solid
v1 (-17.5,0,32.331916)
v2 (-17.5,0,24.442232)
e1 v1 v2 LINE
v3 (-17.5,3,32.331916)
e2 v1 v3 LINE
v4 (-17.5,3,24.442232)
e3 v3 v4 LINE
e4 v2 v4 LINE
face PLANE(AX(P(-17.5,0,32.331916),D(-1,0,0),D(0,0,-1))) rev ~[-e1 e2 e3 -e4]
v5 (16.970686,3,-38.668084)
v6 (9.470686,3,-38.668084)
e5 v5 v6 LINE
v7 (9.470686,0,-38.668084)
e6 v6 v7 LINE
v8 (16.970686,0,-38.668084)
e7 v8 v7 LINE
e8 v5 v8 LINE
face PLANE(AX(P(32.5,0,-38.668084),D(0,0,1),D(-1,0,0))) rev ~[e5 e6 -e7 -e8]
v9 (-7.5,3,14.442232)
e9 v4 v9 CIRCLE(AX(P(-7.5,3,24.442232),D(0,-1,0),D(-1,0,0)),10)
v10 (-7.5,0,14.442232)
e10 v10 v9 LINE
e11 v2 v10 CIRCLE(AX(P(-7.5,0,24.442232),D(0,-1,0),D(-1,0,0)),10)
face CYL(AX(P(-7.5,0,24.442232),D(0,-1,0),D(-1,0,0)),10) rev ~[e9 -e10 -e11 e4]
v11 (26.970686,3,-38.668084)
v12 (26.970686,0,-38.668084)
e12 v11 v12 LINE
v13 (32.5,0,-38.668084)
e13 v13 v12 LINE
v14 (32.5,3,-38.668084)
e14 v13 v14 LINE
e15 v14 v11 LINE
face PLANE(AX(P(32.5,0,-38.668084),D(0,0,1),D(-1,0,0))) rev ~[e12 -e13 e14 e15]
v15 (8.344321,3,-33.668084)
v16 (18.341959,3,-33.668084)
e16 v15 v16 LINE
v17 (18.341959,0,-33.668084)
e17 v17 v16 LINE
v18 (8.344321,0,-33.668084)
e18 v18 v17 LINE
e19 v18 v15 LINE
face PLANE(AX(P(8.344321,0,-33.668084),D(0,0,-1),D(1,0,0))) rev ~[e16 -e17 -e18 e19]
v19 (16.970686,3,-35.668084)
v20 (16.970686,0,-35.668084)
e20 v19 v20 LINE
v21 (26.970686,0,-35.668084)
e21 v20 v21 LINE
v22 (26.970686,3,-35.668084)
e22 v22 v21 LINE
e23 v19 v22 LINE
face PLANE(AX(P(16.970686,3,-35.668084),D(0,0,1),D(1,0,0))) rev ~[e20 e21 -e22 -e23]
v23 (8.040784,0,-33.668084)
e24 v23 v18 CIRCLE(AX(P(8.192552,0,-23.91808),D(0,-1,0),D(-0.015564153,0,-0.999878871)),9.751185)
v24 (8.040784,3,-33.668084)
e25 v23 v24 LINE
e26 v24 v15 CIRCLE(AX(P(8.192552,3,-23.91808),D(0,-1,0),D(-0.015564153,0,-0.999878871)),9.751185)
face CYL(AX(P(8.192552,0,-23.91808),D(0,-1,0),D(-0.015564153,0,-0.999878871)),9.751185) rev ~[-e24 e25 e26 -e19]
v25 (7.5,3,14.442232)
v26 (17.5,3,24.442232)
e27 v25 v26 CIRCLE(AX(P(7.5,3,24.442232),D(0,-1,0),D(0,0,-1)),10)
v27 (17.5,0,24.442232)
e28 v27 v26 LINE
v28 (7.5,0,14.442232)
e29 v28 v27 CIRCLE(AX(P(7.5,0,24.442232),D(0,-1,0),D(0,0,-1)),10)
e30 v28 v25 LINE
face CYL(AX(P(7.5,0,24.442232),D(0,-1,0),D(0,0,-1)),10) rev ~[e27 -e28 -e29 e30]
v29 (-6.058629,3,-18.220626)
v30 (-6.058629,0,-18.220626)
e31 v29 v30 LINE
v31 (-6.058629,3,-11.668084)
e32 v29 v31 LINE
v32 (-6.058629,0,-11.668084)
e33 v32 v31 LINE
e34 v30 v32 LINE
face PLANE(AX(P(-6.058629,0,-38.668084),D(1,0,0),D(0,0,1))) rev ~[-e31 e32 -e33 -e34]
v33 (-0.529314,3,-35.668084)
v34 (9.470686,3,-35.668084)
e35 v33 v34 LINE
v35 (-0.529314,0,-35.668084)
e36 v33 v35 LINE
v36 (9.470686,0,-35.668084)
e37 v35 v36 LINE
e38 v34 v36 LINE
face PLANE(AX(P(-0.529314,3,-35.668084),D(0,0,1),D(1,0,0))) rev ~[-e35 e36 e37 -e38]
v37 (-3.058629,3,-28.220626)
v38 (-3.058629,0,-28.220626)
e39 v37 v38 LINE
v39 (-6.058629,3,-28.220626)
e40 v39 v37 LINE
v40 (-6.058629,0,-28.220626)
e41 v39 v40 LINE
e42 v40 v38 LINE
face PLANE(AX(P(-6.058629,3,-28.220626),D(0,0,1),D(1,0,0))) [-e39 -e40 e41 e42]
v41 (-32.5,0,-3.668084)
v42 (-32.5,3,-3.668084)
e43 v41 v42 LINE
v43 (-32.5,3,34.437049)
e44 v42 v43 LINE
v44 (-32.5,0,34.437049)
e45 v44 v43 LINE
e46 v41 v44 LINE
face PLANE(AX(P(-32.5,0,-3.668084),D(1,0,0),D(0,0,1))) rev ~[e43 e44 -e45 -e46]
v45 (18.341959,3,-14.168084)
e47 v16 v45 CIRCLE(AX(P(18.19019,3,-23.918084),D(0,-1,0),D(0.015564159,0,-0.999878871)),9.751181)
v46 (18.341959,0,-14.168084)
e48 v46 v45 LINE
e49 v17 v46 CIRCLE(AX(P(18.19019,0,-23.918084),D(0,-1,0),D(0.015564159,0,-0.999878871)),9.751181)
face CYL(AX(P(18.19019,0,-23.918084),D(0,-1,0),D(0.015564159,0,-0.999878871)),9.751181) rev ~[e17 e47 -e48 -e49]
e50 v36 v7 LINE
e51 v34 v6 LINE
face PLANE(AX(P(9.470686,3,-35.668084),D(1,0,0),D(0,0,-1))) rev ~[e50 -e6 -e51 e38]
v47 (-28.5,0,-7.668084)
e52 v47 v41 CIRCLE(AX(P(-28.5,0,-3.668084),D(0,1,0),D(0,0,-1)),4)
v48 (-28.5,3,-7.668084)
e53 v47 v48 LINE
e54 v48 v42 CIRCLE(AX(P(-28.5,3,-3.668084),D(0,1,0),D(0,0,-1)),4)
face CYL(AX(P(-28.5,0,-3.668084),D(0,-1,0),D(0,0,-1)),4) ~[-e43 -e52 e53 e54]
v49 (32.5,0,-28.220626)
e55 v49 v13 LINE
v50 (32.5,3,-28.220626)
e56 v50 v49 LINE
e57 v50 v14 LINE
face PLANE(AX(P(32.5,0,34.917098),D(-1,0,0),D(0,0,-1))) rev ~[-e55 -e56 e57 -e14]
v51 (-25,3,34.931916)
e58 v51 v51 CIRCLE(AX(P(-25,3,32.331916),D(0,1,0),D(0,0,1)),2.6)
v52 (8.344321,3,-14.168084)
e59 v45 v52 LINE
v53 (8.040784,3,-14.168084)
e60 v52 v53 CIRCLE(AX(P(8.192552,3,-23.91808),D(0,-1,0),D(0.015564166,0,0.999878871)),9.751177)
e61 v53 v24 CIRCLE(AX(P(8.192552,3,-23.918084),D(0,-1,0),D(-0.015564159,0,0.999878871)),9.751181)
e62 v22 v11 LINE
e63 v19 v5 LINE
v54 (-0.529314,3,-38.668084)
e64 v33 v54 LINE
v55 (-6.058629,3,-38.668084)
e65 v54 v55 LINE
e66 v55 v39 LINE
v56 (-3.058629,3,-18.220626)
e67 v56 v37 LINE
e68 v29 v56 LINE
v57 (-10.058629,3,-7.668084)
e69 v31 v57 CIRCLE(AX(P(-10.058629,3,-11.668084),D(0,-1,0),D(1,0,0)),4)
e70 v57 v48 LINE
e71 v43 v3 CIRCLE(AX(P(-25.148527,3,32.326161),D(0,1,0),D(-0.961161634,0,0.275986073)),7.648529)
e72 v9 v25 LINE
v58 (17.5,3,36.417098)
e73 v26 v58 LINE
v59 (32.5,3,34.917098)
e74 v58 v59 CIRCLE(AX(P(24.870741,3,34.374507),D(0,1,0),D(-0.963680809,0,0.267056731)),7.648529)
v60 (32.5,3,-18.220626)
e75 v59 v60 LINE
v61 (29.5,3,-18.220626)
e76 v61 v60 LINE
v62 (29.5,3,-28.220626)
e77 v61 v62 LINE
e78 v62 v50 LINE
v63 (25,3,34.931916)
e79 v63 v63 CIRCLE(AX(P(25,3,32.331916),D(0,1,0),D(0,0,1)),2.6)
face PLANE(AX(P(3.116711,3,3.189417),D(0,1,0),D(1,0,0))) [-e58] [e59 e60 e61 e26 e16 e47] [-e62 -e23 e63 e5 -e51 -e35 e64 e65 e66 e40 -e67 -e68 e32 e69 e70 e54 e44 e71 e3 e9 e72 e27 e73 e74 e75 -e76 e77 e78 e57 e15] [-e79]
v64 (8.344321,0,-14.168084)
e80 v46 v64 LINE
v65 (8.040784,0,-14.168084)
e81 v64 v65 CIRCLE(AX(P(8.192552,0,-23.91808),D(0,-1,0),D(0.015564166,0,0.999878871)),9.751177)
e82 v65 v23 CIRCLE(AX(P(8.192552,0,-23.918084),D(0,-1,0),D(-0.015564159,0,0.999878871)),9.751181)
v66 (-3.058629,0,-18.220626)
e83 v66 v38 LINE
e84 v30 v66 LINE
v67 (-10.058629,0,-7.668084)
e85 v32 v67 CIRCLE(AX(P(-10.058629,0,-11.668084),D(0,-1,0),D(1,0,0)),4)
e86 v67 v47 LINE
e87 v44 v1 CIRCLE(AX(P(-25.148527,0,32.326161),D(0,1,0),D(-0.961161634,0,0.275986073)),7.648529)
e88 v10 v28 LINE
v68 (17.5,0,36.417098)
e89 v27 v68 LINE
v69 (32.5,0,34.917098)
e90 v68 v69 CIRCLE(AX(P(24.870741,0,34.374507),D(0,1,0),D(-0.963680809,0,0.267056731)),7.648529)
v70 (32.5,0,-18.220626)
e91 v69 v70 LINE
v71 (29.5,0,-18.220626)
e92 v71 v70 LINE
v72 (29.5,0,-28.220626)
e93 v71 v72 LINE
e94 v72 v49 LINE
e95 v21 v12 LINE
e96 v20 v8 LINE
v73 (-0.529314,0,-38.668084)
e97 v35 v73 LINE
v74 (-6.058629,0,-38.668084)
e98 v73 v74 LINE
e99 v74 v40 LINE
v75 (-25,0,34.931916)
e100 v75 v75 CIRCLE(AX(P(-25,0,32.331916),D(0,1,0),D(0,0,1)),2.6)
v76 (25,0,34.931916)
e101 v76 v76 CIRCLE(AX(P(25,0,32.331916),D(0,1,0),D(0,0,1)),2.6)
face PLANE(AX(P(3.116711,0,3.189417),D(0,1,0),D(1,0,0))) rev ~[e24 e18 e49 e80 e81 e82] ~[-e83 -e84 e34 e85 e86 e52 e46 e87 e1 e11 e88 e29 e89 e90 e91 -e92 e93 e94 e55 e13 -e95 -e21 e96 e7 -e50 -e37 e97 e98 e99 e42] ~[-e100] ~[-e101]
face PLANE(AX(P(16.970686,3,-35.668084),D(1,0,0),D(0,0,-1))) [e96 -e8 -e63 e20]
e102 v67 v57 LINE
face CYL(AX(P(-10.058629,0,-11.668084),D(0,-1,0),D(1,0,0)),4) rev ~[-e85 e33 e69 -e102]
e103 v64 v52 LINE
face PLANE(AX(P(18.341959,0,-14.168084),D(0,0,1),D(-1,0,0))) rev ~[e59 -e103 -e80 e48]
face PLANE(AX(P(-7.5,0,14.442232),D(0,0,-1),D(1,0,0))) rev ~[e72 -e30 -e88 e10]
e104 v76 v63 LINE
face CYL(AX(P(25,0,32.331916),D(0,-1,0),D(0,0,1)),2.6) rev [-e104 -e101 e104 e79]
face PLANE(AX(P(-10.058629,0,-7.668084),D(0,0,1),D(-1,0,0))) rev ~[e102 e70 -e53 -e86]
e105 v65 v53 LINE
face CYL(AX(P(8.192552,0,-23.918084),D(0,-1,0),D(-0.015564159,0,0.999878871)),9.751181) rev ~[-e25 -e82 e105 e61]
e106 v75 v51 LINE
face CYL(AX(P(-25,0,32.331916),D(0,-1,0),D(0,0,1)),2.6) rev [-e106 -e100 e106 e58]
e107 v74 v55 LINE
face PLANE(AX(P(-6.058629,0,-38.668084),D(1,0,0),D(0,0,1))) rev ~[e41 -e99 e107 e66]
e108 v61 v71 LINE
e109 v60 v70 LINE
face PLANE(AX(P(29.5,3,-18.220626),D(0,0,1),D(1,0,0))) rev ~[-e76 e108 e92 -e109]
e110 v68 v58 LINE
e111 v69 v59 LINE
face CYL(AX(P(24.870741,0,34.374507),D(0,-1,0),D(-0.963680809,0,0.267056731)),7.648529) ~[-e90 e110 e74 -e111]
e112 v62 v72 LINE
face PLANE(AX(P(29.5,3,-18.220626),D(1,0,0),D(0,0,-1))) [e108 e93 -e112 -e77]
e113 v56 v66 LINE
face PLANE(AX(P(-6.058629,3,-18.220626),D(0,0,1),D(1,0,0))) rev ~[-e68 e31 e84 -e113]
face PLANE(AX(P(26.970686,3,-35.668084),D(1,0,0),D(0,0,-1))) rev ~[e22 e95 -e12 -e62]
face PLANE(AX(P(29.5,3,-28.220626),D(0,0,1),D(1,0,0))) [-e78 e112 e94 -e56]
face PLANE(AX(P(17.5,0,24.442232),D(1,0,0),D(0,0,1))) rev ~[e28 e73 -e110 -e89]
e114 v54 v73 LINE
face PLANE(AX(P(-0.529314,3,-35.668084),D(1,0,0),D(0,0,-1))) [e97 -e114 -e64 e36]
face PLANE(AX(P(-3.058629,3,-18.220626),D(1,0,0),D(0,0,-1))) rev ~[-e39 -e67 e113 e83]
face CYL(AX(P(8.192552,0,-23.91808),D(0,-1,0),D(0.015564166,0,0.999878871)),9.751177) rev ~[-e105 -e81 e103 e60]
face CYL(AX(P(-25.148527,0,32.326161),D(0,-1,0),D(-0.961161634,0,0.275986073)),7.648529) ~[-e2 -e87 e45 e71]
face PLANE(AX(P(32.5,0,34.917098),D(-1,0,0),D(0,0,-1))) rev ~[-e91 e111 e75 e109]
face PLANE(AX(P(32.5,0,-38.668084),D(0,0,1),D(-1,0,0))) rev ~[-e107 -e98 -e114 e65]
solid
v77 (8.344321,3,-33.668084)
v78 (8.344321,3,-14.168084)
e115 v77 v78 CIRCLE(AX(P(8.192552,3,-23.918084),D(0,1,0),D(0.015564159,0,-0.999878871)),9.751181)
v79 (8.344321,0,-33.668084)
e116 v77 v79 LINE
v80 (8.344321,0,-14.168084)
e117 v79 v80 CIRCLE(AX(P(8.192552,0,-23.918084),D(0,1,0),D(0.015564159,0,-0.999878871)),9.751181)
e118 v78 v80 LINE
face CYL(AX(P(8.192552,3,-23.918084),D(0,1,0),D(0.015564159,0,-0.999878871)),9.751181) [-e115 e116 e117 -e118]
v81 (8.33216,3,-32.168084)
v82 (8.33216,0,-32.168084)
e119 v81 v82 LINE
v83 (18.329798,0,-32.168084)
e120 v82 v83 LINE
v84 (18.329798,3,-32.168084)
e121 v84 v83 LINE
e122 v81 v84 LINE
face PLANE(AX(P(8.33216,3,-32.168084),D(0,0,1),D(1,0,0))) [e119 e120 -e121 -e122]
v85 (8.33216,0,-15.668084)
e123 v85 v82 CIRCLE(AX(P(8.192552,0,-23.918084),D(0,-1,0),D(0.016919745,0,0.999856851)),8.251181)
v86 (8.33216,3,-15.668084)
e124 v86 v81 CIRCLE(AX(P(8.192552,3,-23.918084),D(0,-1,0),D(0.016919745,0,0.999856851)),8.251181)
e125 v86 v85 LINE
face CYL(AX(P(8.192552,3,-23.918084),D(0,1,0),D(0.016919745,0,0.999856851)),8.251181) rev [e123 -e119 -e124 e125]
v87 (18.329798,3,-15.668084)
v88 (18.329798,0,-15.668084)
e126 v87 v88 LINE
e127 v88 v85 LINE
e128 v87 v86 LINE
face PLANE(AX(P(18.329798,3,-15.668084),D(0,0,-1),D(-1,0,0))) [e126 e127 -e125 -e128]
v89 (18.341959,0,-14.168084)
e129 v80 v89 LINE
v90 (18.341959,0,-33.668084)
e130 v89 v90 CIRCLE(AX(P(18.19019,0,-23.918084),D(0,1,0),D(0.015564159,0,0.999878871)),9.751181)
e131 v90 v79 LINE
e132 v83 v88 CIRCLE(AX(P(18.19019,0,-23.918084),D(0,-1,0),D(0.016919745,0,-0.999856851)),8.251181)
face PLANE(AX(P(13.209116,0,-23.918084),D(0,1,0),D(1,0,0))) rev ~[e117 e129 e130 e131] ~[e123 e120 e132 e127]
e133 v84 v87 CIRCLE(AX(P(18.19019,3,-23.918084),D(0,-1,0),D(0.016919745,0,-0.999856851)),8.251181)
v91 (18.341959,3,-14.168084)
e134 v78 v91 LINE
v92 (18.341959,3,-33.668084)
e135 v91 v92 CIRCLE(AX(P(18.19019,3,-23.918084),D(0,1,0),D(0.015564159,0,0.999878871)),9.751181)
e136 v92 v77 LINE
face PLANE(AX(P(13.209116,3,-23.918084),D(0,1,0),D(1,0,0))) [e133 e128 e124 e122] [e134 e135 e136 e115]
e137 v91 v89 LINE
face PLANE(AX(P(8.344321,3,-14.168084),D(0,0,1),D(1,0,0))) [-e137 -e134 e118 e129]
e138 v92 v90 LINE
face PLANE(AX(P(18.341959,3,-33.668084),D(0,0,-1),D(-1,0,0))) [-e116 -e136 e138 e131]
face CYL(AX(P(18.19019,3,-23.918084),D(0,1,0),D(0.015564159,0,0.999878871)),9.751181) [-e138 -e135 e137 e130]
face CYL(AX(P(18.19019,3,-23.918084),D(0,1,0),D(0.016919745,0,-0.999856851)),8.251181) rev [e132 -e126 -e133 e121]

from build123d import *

# Parameters (mm, degrees)
SKETCH1_R           = 2.6
BOSS_EXTRUDE1_DEPTH = 3
SKETCH2_W           = 10
SKETCH2_H           = 3
SKETCH2_W_2         = 3
SKETCH2_H_2         = 10
CUT_EXTRUDE1_DEPTH  = 3
BOSS_EXTRUDE2_DEPTH = 3


with BuildPart() as part:
    # Sketch1 → Boss-Extrude1 (new body)
    with BuildSketch(Plane(origin=(0, 0, 0), x_dir=(1, 0, 0), z_dir=(0, 1, 0))):
        with BuildLine():
            Line((-32.5, -1.331915835), (-32.5, -34.437048929))
            ThreePointArc((-32.5, -34.437048929), (-24.085532921, -39.90046288), (-17.5, -32.331915835))
            Line((-17.5, -32.331915835), (-17.5, -24.442231617))
            ThreePointArc((-17.5, -24.442231617), (-14.571067812, -17.371163805), (-7.5, -14.442231617))
            Line((-7.5, -14.442231617), (7.5, -14.442231617))
            ThreePointArc((7.5, -14.442231617), (14.571067812, -17.371163805), (17.5, -24.442231617))
            Line((17.5, -24.442231617), (17.5, -32.331915835))
            Line((17.5, -32.331915835), (17.5, -36.417098288))
            ThreePointArc((17.5, -36.417098288), (25.631797985, -41.985078136), (32.5, -34.917098288))
            Line((32.5, -34.917098288), (32.5, -33.831915835))
            Line((32.5, -33.831915835), (32.5, -1.331915835))
            Line((32.5, -1.331915835), (32.5, 3.668084165))
            Line((32.5, 3.668084165), (32.5, 38.668084165))
            Line((32.5, 38.668084165), (32.441371292, 38.668084165))
            Line((32.441371292, 38.668084165), (-6.058628708, 38.668084165))
            Line((-6.058628708, 38.668084165), (-6.058628708, 14.168084165))
            Line((-6.058628708, 14.168084165), (-6.058628708, 11.668084165))
            ThreePointArc((-6.058628708, 11.668084165), (-7.230201584, 8.83965704), (-10.058628708, 7.668084165))
            Line((-10.058628708, 7.668084165), (-28.5, 7.668084165))
            ThreePointArc((-28.5, 7.668084165), (-31.328427125, 6.49651129), (-32.5, 3.668084165))
            Line((-32.5, 3.668084165), (-32.5, 3.101498414))
            Line((-32.5, 3.101498414), (-32.5, -1.331915835))
        make_face()
        with Locations(Location((-25, -32.331915835, 0), (0, 0, 270))):
            Circle(SKETCH1_R, mode=Mode.SUBTRACT)
        with Locations(Location((25, -32.331915835, 0), (0, 0, 270))):
            Circle(SKETCH1_R, mode=Mode.SUBTRACT)
        with BuildLine():
            ThreePointArc((8.344321377, 14.168084165), (8.192552441, 14.166903015), (8.040783506, 14.168084165))
            ThreePointArc((8.040783506, 14.168084165), (-1.558628708, 23.918084165), (8.040783506, 33.668084165))
            ThreePointArc((8.040783506, 33.668084165), (8.192552441, 33.669265314), (8.344321377, 33.668084165))
            Line((8.344321377, 33.668084165), (18.341959078, 33.668084165))
            ThreePointArc((18.341959078, 33.668084165), (27.941371292, 23.918084165), (18.341959078, 14.168084165))
            Line((18.341959078, 14.168084165), (8.344321377, 14.168084165))
        make_face(mode=Mode.SUBTRACT)
    extrude(amount=BOSS_EXTRUDE1_DEPTH)

    # Sketch2 → Cut-Extrude1 (cut)
    with BuildSketch(Plane(origin=(0, 3, 0), x_dir=(1, 0, 0), z_dir=(0, 1, 0))):
        with Locations((4.470685646, 37.168084165)):
            Rectangle(SKETCH2_W, SKETCH2_H)
        with Locations((-4.558628708, 23.22062572)):
            Rectangle(SKETCH2_W_2, SKETCH2_H_2)
        with Locations((21.970685646, 37.168084165)):
            Rectangle(SKETCH2_W, SKETCH2_H)
        with Locations((31, 23.22062572)):
            Rectangle(SKETCH2_W_2, SKETCH2_H_2)
    extrude(amount=-CUT_EXTRUDE1_DEPTH, mode=Mode.SUBTRACT)


with BuildPart() as body_2:
    # Sketch4 → Boss-Extrude2 (new body)
    with BuildSketch(Plane(origin=(0, 3, 0), x_dir=(1, 0, 0), z_dir=(0, 1, 0))):
        with BuildLine():
            ThreePointArc((8.344321377, 33.668084165), (-1.558628708, 23.918084165), (8.344321377, 14.168084165))
            Line((8.344321377, 14.168084165), (18.341959078, 14.168084165))
            ThreePointArc((18.341959078, 14.168084165), (27.941371292, 23.918084165), (18.341959078, 33.668084165))
            Line((18.341959078, 33.668084165), (8.344321377, 33.668084165))
        make_face()
        with BuildLine():
            ThreePointArc((8.332160325, 15.668084165), (-0.058628708, 23.918084165), (8.332160325, 32.168084165))
            Line((8.332160325, 32.168084165), (18.329798027, 32.168084165))
            ThreePointArc((18.329798027, 32.168084165), (26.441371292, 23.918084165), (18.329798027, 15.668084165))
            Line((18.329798027, 15.668084165), (8.332160325, 15.668084165))
        make_face(mode=Mode.SUBTRACT)
    extrude(amount=-BOSS_EXTRUDE2_DEPTH)


solid = Compound([part.part, body_2.part])
